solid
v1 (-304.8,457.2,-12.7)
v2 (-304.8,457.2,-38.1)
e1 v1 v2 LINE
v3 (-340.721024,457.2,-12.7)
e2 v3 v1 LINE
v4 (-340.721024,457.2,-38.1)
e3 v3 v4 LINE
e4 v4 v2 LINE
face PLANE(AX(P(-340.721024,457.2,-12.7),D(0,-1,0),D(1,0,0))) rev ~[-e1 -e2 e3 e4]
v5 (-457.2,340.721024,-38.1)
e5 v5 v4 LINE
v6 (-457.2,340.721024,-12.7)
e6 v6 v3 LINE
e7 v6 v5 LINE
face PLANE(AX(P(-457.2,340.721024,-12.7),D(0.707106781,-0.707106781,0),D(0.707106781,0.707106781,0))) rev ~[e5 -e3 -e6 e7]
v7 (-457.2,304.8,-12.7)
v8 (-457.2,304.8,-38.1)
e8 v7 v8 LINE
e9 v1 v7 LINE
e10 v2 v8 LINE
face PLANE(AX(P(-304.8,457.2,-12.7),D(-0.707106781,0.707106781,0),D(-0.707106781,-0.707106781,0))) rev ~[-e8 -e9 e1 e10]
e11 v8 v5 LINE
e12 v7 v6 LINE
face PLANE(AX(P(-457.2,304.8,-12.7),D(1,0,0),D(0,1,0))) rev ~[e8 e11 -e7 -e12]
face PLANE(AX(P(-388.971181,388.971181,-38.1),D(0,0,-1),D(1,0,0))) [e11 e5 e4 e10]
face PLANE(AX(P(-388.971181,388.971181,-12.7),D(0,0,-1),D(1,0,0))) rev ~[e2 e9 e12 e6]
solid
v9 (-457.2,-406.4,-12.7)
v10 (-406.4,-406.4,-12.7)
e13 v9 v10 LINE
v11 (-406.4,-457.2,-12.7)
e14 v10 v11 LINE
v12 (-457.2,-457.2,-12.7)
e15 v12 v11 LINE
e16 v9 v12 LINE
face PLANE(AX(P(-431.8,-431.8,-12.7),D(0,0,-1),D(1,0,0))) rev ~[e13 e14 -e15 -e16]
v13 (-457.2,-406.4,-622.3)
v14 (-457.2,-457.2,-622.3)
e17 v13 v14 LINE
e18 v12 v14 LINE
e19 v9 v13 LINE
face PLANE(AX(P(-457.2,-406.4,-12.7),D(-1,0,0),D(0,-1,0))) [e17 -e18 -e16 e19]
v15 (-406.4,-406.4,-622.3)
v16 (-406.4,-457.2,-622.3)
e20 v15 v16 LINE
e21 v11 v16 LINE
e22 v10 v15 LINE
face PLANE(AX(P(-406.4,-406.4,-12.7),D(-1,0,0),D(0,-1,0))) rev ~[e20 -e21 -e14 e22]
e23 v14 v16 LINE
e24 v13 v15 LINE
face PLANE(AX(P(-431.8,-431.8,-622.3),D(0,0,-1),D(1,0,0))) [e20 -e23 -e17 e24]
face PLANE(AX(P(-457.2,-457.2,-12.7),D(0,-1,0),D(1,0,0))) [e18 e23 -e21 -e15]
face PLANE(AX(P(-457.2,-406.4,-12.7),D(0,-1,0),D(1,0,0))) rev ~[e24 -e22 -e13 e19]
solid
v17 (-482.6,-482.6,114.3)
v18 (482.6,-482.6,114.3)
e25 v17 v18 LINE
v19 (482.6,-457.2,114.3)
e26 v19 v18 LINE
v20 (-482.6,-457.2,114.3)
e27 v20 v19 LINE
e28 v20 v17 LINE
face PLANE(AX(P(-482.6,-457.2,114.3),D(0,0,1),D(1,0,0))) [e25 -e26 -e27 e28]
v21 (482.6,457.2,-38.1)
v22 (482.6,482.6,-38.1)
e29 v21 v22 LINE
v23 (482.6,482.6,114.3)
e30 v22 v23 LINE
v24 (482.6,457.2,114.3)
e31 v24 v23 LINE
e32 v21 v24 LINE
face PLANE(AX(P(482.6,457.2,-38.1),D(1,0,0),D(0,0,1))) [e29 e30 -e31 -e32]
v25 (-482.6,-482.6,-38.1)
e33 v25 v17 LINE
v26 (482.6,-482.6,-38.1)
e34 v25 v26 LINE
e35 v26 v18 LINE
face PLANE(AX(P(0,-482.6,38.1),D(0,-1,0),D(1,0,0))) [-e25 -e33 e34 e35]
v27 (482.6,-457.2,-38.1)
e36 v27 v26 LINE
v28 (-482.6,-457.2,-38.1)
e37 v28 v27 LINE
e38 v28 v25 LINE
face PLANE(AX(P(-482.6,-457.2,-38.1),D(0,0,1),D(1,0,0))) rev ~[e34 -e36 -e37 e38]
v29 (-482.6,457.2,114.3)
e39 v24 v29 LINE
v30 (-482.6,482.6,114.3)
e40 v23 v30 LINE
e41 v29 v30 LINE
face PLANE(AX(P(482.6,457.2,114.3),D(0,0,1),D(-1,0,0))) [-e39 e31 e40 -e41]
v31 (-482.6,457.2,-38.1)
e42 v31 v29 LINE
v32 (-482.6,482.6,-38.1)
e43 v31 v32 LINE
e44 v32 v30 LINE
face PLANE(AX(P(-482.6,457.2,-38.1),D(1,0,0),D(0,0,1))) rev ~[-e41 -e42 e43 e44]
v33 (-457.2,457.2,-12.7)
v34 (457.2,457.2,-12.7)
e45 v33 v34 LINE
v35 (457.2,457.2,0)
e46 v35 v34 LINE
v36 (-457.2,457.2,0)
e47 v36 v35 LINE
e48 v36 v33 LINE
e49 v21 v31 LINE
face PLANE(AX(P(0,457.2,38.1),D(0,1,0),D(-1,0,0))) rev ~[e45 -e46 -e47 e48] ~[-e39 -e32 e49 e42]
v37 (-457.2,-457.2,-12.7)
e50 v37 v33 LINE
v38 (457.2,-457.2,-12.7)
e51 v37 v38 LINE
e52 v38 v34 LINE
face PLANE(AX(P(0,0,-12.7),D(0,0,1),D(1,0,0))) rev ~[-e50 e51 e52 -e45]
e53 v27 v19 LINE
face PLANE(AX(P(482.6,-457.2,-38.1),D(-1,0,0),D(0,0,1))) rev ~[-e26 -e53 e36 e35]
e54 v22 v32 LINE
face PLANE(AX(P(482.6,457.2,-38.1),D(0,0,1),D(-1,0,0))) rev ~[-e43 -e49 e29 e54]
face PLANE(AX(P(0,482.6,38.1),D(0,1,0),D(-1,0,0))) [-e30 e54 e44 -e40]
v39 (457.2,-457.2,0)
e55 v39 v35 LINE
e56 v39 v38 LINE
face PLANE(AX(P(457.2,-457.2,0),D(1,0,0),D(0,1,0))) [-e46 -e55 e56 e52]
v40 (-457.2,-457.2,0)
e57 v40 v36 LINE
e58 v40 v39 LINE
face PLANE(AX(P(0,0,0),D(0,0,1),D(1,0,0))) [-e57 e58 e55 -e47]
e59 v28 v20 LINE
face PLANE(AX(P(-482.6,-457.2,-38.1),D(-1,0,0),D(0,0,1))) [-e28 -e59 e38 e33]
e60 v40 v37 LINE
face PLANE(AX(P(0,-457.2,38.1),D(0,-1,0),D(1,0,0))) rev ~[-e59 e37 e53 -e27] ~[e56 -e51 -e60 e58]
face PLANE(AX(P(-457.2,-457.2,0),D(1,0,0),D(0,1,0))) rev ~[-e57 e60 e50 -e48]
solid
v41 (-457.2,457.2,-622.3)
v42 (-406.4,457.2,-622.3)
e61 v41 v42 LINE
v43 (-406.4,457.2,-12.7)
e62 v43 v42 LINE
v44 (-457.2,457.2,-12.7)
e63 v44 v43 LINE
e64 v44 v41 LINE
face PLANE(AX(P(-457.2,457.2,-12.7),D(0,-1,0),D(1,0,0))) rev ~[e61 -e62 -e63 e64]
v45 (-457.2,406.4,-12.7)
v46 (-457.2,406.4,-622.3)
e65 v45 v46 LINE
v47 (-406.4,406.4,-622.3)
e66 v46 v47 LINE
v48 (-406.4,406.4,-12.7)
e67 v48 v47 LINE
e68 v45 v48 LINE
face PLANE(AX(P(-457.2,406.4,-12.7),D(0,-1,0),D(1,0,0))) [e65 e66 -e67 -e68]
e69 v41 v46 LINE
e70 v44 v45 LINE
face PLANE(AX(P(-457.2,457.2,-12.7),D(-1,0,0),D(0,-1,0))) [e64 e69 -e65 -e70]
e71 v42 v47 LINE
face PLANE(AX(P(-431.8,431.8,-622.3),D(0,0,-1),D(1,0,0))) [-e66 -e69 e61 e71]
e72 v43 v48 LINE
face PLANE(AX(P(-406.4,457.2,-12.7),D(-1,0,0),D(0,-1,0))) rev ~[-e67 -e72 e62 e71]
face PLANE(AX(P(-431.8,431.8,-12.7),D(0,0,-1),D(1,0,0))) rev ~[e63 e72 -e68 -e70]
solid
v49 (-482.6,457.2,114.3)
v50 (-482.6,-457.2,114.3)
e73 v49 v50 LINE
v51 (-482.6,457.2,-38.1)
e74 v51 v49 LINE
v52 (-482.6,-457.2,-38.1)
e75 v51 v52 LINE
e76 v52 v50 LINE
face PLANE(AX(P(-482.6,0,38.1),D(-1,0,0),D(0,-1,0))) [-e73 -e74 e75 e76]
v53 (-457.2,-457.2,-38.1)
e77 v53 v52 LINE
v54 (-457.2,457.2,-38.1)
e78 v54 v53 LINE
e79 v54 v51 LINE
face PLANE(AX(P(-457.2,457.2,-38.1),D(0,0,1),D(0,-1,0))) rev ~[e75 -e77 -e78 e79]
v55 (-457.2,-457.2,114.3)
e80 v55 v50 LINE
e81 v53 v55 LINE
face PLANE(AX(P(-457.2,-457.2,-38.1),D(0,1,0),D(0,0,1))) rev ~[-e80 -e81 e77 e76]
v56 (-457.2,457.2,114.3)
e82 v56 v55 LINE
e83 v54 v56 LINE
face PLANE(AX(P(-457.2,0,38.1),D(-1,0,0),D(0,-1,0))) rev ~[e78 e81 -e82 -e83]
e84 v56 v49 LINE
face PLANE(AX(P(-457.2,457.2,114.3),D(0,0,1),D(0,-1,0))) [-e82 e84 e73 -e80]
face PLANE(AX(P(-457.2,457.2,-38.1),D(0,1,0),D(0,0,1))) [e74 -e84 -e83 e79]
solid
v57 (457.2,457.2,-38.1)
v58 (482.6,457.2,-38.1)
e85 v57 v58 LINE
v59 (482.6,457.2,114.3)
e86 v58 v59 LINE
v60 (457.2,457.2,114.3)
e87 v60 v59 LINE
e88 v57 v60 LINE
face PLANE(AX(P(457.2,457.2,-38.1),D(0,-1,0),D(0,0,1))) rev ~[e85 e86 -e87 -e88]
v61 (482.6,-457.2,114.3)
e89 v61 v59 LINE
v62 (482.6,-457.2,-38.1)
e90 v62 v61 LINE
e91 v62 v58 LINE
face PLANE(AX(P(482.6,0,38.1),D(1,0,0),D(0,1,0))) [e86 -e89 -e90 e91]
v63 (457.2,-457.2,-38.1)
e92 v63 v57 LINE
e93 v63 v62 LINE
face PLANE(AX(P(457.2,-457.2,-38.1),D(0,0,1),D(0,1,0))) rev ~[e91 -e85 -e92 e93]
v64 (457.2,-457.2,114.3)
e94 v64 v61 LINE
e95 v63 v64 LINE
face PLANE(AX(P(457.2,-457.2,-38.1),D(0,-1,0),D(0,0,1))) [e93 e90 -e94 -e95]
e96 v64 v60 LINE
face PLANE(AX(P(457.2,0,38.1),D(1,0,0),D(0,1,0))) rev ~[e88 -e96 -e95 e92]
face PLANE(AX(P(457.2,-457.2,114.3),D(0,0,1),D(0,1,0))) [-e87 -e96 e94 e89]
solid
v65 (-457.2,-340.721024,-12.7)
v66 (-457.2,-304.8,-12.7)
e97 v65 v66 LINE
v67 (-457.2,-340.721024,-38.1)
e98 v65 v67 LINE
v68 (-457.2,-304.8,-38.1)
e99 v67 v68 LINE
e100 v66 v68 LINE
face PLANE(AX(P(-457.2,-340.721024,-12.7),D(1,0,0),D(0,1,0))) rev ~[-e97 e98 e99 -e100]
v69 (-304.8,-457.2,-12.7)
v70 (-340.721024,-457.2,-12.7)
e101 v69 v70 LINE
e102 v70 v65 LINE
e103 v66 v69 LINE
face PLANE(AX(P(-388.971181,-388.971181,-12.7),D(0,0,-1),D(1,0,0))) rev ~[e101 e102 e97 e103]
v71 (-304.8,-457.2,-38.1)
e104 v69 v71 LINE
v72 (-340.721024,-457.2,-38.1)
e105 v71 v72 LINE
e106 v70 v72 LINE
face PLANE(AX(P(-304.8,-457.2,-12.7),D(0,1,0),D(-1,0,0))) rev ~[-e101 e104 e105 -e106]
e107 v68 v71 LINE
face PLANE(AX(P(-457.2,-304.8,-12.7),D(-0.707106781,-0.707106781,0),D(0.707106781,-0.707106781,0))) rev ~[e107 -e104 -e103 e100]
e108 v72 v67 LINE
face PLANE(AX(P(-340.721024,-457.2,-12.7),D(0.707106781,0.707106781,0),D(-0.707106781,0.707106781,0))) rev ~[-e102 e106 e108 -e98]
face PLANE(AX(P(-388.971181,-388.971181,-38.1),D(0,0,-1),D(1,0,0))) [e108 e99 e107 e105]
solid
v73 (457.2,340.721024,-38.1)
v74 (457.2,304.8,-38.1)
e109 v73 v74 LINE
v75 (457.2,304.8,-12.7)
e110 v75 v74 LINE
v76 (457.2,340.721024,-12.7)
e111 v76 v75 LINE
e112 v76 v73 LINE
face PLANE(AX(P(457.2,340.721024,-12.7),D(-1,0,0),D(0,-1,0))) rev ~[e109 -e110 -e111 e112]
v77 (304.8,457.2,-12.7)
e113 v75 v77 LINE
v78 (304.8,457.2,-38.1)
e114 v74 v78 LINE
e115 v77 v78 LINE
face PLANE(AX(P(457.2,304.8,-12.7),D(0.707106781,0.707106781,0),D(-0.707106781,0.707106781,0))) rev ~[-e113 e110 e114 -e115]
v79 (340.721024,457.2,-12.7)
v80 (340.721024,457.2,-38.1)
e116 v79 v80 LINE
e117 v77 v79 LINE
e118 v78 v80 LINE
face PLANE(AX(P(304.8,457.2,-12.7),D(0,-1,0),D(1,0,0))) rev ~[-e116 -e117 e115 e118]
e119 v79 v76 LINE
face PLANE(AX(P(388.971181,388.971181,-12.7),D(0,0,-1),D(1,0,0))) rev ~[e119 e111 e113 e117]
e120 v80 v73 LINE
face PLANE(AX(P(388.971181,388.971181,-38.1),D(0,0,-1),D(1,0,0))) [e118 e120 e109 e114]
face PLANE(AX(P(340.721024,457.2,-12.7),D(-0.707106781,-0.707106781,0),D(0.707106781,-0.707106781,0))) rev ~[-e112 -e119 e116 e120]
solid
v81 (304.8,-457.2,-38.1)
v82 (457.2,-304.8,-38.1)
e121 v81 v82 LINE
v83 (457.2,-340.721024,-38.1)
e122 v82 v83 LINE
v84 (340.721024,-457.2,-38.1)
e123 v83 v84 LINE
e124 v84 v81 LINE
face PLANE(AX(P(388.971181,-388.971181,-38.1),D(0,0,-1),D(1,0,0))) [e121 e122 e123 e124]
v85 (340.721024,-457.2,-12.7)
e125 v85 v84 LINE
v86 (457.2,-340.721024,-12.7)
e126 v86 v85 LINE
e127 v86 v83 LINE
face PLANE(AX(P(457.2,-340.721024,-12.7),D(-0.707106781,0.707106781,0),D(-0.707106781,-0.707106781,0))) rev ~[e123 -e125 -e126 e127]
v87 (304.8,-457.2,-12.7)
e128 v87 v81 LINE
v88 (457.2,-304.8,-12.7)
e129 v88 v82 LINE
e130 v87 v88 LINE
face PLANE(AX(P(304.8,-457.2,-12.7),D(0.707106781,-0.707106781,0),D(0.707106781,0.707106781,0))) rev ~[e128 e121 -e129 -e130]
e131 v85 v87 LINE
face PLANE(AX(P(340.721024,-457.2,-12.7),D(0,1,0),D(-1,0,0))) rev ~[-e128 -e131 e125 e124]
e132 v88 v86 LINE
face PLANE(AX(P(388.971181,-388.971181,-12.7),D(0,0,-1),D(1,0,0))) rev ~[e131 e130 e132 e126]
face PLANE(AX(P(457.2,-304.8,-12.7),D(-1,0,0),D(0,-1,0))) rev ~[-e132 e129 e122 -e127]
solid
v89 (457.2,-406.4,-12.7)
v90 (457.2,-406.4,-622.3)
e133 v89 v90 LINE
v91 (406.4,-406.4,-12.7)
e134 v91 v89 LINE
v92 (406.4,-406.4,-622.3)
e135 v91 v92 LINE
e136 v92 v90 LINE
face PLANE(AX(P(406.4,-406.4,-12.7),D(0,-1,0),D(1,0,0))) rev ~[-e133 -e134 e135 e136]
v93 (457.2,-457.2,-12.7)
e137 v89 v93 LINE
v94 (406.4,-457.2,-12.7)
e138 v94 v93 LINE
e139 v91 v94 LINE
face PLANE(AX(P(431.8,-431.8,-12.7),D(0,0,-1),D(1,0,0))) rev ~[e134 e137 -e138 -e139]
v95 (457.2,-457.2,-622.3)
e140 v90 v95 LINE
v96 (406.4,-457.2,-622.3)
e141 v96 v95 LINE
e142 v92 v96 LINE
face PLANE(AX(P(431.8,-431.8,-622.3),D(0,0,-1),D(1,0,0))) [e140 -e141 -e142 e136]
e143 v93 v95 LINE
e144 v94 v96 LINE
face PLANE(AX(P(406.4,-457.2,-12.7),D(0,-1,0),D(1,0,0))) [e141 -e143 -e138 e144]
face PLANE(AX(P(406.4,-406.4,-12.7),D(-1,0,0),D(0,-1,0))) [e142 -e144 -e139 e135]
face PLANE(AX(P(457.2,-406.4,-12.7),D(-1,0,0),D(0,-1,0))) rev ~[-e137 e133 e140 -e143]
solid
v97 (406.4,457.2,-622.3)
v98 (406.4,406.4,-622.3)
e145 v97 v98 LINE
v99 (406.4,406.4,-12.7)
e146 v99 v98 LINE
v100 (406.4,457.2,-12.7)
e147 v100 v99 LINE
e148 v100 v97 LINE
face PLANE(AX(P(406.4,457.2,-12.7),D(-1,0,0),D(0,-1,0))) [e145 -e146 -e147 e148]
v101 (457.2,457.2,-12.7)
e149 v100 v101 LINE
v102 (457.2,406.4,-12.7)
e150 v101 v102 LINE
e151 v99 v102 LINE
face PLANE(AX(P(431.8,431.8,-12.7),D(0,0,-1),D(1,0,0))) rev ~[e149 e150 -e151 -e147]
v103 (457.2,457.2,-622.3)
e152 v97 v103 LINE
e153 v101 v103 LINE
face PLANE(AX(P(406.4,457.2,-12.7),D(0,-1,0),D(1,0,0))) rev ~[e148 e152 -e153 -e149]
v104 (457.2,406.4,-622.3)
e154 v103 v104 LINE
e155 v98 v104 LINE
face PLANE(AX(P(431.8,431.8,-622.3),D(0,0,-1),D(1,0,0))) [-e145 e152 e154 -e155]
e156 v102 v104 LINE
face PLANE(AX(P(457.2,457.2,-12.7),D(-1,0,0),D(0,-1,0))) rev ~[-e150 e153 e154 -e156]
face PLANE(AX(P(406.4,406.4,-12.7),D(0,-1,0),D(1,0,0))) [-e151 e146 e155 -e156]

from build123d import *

# Parameters (mm, degrees)
F0_W      = 914.4
F0_H      = 914.4
F1_DEPTH  = 12.7
F2_W      = 965.2
F2_H      = 152.4
F3_DEPTH  = 25.4
F4_W      = 965.2
F4_H      = 152.4
F5_DEPTH  = 25.4
F6_W      = 914.4
F6_H      = 152.4
F7_DEPTH  = 25.4
F8_W      = 914.4
F8_H      = 152.4
F9_DEPTH  = 25.4
F11_DEPTH = 25.4
F12_W     = 50.8
F12_H     = 50.8
F13_DEPTH = 609.6


with BuildPart() as f1:
    # F0 (on Top) → F1 (new body)
    with BuildSketch(Plane.XY):
        Rectangle(F0_W, F0_H)
    extrude(amount=-F1_DEPTH)

    # F2 (on face) → F3 (join)
    with BuildSketch(Plane.XZ.offset(457.2)):
        with Locations((0, 38.1)):
            Rectangle(F2_W, F2_H)
    extrude(amount=F3_DEPTH)

    # F4 (on face) → F5 (join)
    with BuildSketch(Plane(origin=(0, 457.2, 0), x_dir=(-1, 0, 0), z_dir=(0, 1, 0))):
        with Locations((0, 38.1)):
            Rectangle(F4_W, F4_H)
    extrude(amount=F5_DEPTH)


with BuildPart() as f7:
    # F6 (on face) → F7 (new body)
    with BuildSketch(Plane(origin=(-457.2, 0, 0), x_dir=(0, -1, 0), z_dir=(-1, 0, 0))):
        with Locations((0, 38.1)):
            Rectangle(F6_W, F6_H)
    extrude(amount=F7_DEPTH)


with BuildPart() as f9:
    # F8 (on face) → F9 (new body)
    with BuildSketch(Plane.YZ.offset(457.2)):
        with Locations((0, 38.1)):
            Rectangle(F8_W, F8_H)
    extrude(amount=F9_DEPTH)


with BuildPart() as f11:
    # F10 (on face) → F11 (new body)
    with BuildSketch(Plane(origin=(0, 0, -12.7), x_dir=(1, 0, 0), z_dir=(0, 0, -1))):
        Polygon((-457.2, 304.8), (-304.8, 457.2), (-340.721024, 457.2), (-457.2, 340.721024), align=None)
        Polygon((340.721024, 457.2), (304.8, 457.2), (457.2, 304.8), (457.2, 340.721024), align=None)
        Polygon((340.721024, -457.2), (457.2, -340.721024), (457.2, -304.8), (304.8, -457.2), align=None)
        Polygon((-340.721024, -457.2), (-304.8, -457.2), (-457.2, -304.8), (-457.2, -340.721024), align=None)
    extrude(amount=F11_DEPTH)


with BuildPart() as f13:
    # F12 (on face) → F13 (new body)
    with BuildSketch(Plane(origin=(0, 0, -12.7), x_dir=(1, 0, 0), z_dir=(0, 0, -1))):
        with Locations((-431.8, 431.8)):
            Rectangle(F12_W, F12_H)
        with Locations((431.8, 431.8)):
            Rectangle(F12_W, F12_H)
        with Locations((431.8, -431.8)):
            Rectangle(F12_W, F12_H)
        with Locations((-431.8, -431.8)):
            Rectangle(F12_W, F12_H)
    extrude(amount=F13_DEPTH)


solid = Compound([f1.part, f7.part, f9.part, f11.part, f13.part])
